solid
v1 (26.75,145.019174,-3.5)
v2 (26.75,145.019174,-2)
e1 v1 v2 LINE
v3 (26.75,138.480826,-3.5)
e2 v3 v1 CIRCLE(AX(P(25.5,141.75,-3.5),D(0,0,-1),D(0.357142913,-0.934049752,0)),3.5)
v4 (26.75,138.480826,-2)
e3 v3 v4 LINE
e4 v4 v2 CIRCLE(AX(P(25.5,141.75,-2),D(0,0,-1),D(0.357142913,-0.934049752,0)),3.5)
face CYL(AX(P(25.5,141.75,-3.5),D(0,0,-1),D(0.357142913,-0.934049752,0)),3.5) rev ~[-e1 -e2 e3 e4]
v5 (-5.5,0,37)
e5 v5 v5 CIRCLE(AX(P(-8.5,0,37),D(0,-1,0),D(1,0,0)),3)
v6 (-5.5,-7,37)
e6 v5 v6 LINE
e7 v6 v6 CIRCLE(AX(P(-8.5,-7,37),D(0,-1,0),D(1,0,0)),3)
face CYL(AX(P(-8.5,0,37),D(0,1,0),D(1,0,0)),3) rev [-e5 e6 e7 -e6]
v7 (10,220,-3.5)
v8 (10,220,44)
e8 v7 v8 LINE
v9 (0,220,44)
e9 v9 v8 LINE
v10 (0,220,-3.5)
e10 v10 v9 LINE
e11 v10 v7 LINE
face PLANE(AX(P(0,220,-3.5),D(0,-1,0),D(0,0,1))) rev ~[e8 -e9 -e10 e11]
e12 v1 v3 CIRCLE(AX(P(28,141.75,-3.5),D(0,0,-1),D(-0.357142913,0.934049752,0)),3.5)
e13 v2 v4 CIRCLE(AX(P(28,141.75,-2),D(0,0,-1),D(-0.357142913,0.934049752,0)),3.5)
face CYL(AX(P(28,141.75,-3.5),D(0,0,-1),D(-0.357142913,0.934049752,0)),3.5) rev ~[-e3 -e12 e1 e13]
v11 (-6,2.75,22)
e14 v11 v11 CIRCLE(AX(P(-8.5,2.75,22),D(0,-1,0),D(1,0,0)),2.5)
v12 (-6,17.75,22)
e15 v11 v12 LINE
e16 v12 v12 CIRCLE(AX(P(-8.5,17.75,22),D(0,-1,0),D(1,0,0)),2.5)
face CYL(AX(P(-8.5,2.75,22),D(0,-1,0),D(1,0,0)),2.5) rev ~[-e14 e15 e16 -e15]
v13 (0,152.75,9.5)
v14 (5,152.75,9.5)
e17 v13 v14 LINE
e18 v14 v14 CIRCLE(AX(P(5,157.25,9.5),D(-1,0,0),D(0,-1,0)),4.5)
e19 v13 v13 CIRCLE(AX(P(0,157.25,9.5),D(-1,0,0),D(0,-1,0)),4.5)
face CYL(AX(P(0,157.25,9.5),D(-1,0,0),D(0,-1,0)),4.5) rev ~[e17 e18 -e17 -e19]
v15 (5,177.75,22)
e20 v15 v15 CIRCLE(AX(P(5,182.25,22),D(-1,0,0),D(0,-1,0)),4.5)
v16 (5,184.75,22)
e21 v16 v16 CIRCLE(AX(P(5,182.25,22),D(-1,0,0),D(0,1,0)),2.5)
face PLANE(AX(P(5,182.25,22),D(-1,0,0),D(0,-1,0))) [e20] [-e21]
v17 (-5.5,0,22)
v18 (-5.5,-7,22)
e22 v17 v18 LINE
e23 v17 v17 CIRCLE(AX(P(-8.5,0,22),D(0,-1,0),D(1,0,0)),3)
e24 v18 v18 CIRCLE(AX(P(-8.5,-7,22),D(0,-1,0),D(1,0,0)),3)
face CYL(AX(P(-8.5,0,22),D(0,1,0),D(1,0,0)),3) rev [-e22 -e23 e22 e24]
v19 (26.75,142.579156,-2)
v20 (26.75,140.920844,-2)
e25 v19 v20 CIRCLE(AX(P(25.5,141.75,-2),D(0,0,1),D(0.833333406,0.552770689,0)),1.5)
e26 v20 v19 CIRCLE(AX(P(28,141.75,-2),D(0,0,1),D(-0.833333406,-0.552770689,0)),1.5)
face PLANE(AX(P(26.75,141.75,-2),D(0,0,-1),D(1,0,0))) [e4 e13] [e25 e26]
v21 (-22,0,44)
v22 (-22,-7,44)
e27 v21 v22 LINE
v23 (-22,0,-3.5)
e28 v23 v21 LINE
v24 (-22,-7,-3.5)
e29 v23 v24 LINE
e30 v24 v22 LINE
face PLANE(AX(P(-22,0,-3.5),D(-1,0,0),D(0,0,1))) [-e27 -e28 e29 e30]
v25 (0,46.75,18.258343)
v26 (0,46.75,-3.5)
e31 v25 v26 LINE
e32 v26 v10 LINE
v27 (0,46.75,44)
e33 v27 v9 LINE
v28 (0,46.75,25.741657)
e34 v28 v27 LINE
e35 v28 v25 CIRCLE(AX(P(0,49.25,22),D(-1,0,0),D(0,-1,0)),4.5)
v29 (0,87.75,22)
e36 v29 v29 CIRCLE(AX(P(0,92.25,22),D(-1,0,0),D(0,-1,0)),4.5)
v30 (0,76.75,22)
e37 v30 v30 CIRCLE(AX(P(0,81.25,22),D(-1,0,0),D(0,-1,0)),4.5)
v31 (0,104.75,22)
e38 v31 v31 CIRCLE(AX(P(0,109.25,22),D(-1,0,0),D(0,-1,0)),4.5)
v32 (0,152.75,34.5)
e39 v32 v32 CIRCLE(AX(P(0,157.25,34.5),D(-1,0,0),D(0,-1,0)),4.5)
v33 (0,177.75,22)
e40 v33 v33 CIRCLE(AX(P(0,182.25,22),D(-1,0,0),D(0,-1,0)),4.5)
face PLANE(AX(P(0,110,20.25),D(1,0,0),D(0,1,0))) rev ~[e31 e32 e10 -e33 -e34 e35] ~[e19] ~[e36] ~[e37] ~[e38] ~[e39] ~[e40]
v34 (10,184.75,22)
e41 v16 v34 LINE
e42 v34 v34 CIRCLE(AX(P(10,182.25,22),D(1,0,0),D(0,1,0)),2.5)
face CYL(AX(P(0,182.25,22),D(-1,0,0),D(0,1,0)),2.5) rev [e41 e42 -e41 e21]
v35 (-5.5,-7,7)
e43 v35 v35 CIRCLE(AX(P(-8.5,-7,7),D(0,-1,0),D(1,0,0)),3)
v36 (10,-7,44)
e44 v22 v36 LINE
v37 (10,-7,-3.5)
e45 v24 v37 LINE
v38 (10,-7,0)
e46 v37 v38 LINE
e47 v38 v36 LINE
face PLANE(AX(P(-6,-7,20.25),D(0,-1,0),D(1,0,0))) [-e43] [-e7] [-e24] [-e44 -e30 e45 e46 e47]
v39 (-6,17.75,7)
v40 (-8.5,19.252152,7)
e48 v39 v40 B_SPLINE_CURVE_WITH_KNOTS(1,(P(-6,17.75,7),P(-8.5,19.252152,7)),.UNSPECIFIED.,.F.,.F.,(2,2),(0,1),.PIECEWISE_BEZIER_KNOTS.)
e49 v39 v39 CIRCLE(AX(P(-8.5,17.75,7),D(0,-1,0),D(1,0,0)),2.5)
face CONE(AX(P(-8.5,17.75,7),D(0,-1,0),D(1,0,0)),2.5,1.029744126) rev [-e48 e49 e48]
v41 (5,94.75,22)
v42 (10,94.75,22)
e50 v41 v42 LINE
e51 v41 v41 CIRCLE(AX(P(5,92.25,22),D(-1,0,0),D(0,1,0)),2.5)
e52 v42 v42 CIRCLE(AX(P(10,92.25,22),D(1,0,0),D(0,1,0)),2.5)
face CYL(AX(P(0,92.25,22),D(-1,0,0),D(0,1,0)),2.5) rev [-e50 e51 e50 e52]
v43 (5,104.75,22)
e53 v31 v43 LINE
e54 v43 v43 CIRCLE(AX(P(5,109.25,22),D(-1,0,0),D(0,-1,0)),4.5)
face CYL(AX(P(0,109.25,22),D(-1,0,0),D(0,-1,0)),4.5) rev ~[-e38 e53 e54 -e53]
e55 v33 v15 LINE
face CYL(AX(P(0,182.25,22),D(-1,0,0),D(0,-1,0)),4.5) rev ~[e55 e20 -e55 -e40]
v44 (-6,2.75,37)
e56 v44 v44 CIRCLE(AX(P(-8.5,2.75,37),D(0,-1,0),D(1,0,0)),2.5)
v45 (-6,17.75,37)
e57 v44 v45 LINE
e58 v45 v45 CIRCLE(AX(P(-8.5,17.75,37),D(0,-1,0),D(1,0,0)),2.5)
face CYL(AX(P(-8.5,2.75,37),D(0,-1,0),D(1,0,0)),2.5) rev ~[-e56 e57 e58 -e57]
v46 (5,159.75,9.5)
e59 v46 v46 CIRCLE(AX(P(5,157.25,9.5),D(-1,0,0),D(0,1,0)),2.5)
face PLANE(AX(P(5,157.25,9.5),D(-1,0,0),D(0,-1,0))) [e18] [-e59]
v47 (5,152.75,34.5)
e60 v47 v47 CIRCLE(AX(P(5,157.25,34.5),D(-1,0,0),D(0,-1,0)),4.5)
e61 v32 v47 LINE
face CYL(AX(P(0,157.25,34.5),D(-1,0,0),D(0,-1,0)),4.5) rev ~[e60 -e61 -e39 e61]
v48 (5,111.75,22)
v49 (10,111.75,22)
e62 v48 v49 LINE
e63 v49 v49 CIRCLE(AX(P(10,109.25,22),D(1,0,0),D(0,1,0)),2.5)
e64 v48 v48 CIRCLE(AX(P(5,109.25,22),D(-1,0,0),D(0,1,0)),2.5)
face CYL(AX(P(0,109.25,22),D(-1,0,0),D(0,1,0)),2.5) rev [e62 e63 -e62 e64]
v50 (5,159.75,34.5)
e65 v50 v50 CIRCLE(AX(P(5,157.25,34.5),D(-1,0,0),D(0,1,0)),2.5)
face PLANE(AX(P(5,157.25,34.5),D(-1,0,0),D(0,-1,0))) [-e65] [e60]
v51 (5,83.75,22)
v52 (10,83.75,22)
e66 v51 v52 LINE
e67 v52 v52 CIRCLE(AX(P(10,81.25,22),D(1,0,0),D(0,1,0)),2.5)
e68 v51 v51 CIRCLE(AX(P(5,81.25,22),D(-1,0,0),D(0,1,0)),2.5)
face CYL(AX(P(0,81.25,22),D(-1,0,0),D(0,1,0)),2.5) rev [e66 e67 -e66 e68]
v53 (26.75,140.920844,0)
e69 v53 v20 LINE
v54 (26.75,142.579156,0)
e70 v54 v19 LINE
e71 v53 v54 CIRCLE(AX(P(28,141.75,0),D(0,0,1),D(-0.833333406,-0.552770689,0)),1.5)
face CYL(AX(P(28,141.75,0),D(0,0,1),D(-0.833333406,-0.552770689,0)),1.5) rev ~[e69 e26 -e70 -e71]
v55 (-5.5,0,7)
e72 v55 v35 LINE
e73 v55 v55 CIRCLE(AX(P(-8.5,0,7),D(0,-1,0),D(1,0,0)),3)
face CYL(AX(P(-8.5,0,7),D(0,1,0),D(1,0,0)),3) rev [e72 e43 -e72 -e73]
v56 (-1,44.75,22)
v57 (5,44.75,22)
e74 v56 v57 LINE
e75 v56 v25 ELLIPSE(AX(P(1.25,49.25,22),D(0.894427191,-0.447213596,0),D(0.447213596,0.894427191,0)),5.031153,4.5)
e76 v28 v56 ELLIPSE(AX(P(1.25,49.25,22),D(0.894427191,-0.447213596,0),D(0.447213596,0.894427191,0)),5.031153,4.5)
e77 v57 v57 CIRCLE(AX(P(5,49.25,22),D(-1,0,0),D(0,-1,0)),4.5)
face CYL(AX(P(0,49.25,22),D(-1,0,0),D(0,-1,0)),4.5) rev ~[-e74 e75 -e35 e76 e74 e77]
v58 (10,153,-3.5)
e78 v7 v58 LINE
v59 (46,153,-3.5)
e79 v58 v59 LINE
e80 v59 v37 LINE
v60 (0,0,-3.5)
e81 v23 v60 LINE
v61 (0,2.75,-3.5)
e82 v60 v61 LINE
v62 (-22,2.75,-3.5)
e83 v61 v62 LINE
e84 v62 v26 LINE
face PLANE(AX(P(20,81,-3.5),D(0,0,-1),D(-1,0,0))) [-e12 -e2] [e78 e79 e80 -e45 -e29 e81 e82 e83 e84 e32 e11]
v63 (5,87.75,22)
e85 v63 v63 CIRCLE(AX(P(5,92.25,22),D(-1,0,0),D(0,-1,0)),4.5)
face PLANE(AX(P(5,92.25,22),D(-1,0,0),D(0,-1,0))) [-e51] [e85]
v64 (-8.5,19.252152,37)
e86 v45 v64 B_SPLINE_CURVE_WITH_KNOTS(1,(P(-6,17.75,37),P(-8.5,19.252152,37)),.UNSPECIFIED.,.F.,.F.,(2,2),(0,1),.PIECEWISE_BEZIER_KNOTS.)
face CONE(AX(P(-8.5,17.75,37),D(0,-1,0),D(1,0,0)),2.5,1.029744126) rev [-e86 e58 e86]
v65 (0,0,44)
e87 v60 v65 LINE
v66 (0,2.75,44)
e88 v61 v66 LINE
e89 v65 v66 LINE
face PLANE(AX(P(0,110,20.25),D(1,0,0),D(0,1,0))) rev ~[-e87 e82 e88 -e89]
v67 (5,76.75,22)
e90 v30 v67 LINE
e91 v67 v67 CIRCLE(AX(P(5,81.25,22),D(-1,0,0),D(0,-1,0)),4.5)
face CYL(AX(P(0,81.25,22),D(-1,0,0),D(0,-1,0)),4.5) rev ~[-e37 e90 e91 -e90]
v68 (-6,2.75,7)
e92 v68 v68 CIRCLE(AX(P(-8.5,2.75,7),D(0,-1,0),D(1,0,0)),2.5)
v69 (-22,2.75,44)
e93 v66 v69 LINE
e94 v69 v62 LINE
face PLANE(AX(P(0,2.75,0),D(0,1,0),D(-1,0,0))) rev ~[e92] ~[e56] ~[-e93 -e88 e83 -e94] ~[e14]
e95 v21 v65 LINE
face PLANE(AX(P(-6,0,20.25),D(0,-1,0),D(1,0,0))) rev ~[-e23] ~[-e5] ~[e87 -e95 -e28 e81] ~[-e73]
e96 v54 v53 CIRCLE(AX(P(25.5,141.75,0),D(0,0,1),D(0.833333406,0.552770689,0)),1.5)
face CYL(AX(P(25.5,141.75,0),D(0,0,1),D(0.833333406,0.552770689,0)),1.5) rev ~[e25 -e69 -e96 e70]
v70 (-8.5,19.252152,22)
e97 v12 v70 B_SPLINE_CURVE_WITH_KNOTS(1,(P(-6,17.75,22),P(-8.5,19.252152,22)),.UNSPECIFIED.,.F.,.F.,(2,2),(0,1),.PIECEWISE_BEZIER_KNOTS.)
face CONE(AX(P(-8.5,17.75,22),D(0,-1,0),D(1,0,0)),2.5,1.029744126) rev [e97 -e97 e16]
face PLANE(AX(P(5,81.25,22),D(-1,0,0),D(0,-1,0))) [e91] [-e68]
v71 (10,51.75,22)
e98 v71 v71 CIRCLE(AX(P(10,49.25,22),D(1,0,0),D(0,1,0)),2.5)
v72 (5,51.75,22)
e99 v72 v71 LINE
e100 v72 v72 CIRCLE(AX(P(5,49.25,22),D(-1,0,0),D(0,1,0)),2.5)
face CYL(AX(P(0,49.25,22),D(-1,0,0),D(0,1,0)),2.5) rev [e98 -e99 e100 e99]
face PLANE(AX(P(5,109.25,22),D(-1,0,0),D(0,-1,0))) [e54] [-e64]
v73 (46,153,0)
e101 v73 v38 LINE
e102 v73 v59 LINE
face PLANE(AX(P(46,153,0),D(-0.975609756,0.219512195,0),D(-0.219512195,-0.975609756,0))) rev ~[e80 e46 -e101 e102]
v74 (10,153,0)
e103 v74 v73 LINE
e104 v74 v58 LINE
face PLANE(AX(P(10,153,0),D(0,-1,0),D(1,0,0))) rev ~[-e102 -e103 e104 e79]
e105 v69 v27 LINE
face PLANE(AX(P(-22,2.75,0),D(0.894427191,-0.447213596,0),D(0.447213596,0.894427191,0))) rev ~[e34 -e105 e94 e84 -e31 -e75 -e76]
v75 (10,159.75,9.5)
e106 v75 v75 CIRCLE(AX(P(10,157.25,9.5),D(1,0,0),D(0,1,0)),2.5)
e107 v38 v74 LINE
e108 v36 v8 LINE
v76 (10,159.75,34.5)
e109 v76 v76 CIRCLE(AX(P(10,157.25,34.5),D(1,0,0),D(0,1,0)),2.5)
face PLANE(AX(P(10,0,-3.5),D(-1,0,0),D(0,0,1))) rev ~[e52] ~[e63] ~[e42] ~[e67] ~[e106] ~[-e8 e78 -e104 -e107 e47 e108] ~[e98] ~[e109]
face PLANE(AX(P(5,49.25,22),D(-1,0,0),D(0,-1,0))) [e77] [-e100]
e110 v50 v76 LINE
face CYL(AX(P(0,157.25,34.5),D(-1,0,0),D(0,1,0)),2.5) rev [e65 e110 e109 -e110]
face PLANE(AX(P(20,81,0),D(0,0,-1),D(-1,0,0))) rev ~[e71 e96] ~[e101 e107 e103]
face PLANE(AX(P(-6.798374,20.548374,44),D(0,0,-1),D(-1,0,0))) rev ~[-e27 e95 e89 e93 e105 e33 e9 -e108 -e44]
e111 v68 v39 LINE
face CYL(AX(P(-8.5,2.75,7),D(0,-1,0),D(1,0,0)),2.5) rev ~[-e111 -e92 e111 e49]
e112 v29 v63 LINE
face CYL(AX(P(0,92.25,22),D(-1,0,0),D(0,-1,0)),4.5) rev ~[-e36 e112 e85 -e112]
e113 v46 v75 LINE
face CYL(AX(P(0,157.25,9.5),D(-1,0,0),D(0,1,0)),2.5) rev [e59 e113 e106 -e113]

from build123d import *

# Parameters (mm, degrees)
SKETCH011_W          = 220
SKETCH011_H          = 47.5
SKETCH011_R          = 2.5
PAD006_DEPTH         = 10
SKETCH012_W          = 32
SKETCH012_H          = 47.5
SKETCH012_R          = 3
PAD007_DEPTH         = 7
PAD009_DEPTH         = 44
PAD009_DEPTH_BACK    = 3.5
PAD008_DEPTH         = 3.5
SKETCH015_R          = 2.5
HOLE002_DEPTH        = 15
HOLE002_TIPS_R       = 2.5
SKETCH016_R          = 4.5
POCKET002_DEPTH      = 5
POCKET002_DEPTH_BACK = 100
POCKET003_DEPTH      = 1.5
POCKET003_DEPTH_BACK = 100


with BuildPart() as part:
    # Sketch011 → Pad006 (new body)
    with BuildSketch(Plane.YZ):
        with Locations((110, 20.25)):
            Rectangle(SKETCH011_W, SKETCH011_H)
        with Locations((49.25, 22)):
            Circle(SKETCH011_R, mode=Mode.SUBTRACT)
        with Locations((81.25, 22)):
            Circle(SKETCH011_R, mode=Mode.SUBTRACT)
        with Locations((92.25, 22)):
            Circle(SKETCH011_R, mode=Mode.SUBTRACT)
        with Locations((109.25, 22)):
            Circle(SKETCH011_R, mode=Mode.SUBTRACT)
        with Locations((157.25, 34.5)):
            Circle(SKETCH011_R, mode=Mode.SUBTRACT)
        with Locations((157.25, 9.5)):
            Circle(SKETCH011_R, mode=Mode.SUBTRACT)
        with Locations((182.25, 22)):
            Circle(SKETCH011_R, mode=Mode.SUBTRACT)
    extrude(amount=PAD006_DEPTH)

    # Sketch012 (on Face2 of Pad006) → Pad007 (join)
    with BuildSketch(Plane.XZ):
        with Locations((-6, 20.25)):
            Rectangle(SKETCH012_W, SKETCH012_H)
        with Locations((-8.5, 37)):
            Circle(SKETCH012_R, mode=Mode.SUBTRACT)
        with Locations((-8.5, 22)):
            Circle(SKETCH012_R, mode=Mode.SUBTRACT)
        with Locations((-8.5, 7)):
            Circle(SKETCH012_R, mode=Mode.SUBTRACT)
    extrude(amount=PAD007_DEPTH)

    # Sketch014 → Pad009 (join, two sides)
    with BuildSketch(Plane.XY) as pad009_sk:
        Polygon((0, 2.75), (-22, 2.75), (0, 46.75), align=None)
    extrude(amount=PAD009_DEPTH)
    extrude(pad009_sk.sketch, amount=-PAD009_DEPTH_BACK)

    # Sketch013 → Pad008 (join)
    with BuildSketch(Plane.XY):
        Polygon((10, -7), (10, 153), (46, 153), align=None)
        with BuildLine():
            ThreePointArc((26.75, 142.579156), (24, 141.75), (26.75, 140.920844))
            ThreePointArc((26.75, 140.920844), (29.5, 141.75), (26.75, 142.579156))
        make_face(mode=Mode.SUBTRACT)
    extrude(amount=-PAD008_DEPTH)

    # Sketch015 (on Face21 of Pad008) → Hole002 (cut)
    with BuildSketch(Plane.XZ.offset(-2.75)):
        with Locations((-8.5, 37)):
            Circle(SKETCH015_R)
        with Locations((-8.5, 22)):
            Circle(SKETCH015_R)
        with Locations((-8.5, 7)):
            Circle(SKETCH015_R)
    extrude(amount=-HOLE002_DEPTH, mode=Mode.SUBTRACT)

    # Hole002 tips → Hole002 tip 1 section 0
    with BuildSketch(Plane.XZ.offset(-17.75), mode=Mode.PRIVATE) as hole002_tip_1_s0:
        with Locations((-8.5, 37)):
            Circle(HOLE002_TIPS_R)
    loft([hole002_tip_1_s0.sketch, Vertex(-8.5, 19.252152, 37)], mode=Mode.SUBTRACT)

    # Hole002 tips → Hole002 tip 2 section 0
    with BuildSketch(Plane.XZ.offset(-17.75), mode=Mode.PRIVATE) as hole002_tip_2_s0:
        with Locations((-8.5, 22)):
            Circle(HOLE002_TIPS_R)
    loft([hole002_tip_2_s0.sketch, Vertex(-8.5, 19.252152, 22)], mode=Mode.SUBTRACT)

    # Hole002 tips → Hole002 tip 3 section 0
    with BuildSketch(Plane.XZ.offset(-17.75), mode=Mode.PRIVATE) as hole002_tip_3_s0:
        with Locations((-8.5, 7)):
            Circle(HOLE002_TIPS_R)
    loft([hole002_tip_3_s0.sketch, Vertex(-8.5, 19.252152, 7)], mode=Mode.SUBTRACT)

    # Sketch016 (on Face4 of Hole002) → Pocket002 (cut, two sides)
    with BuildSketch(Plane(origin=(0, 0, 0), x_dir=(0, -1, 0), z_dir=(-1, 0, 0))) as pocket002_sk:
        with Locations((-182.25, 22)):
            Circle(SKETCH016_R)
        with Locations((-157.25, 34.5)):
            Circle(SKETCH016_R)
        with Locations((-157.25, 9.5)):
            Circle(SKETCH016_R)
        with Locations((-109.25, 22)):
            Circle(SKETCH016_R)
        with Locations((-92.25, 22)):
            Circle(SKETCH016_R)
        with Locations((-81.25, 22)):
            Circle(SKETCH016_R)
        with Locations((-49.25, 22)):
            Circle(SKETCH016_R)
    extrude(amount=-POCKET002_DEPTH, mode=Mode.SUBTRACT)
    extrude(pocket002_sk.sketch, amount=POCKET002_DEPTH_BACK, mode=Mode.SUBTRACT)

    # Sketch017 (on Face8 of Pocket002) → Pocket003 (cut, two sides)
    with BuildSketch(Plane(origin=(0, 0, -3.5), x_dir=(1, 0, 0), z_dir=(0, 0, -1))) as pocket003_sk:
        with BuildLine():
            ThreePointArc((26.75, -138.480826), (22, -141.75), (26.75, -145.019174))
            ThreePointArc((26.75, -145.019174), (31.5, -141.75), (26.75, -138.480826))
        make_face()
    extrude(amount=-POCKET003_DEPTH, mode=Mode.SUBTRACT)
    extrude(pocket003_sk.sketch, amount=POCKET003_DEPTH_BACK, mode=Mode.SUBTRACT)


solid = part.part
